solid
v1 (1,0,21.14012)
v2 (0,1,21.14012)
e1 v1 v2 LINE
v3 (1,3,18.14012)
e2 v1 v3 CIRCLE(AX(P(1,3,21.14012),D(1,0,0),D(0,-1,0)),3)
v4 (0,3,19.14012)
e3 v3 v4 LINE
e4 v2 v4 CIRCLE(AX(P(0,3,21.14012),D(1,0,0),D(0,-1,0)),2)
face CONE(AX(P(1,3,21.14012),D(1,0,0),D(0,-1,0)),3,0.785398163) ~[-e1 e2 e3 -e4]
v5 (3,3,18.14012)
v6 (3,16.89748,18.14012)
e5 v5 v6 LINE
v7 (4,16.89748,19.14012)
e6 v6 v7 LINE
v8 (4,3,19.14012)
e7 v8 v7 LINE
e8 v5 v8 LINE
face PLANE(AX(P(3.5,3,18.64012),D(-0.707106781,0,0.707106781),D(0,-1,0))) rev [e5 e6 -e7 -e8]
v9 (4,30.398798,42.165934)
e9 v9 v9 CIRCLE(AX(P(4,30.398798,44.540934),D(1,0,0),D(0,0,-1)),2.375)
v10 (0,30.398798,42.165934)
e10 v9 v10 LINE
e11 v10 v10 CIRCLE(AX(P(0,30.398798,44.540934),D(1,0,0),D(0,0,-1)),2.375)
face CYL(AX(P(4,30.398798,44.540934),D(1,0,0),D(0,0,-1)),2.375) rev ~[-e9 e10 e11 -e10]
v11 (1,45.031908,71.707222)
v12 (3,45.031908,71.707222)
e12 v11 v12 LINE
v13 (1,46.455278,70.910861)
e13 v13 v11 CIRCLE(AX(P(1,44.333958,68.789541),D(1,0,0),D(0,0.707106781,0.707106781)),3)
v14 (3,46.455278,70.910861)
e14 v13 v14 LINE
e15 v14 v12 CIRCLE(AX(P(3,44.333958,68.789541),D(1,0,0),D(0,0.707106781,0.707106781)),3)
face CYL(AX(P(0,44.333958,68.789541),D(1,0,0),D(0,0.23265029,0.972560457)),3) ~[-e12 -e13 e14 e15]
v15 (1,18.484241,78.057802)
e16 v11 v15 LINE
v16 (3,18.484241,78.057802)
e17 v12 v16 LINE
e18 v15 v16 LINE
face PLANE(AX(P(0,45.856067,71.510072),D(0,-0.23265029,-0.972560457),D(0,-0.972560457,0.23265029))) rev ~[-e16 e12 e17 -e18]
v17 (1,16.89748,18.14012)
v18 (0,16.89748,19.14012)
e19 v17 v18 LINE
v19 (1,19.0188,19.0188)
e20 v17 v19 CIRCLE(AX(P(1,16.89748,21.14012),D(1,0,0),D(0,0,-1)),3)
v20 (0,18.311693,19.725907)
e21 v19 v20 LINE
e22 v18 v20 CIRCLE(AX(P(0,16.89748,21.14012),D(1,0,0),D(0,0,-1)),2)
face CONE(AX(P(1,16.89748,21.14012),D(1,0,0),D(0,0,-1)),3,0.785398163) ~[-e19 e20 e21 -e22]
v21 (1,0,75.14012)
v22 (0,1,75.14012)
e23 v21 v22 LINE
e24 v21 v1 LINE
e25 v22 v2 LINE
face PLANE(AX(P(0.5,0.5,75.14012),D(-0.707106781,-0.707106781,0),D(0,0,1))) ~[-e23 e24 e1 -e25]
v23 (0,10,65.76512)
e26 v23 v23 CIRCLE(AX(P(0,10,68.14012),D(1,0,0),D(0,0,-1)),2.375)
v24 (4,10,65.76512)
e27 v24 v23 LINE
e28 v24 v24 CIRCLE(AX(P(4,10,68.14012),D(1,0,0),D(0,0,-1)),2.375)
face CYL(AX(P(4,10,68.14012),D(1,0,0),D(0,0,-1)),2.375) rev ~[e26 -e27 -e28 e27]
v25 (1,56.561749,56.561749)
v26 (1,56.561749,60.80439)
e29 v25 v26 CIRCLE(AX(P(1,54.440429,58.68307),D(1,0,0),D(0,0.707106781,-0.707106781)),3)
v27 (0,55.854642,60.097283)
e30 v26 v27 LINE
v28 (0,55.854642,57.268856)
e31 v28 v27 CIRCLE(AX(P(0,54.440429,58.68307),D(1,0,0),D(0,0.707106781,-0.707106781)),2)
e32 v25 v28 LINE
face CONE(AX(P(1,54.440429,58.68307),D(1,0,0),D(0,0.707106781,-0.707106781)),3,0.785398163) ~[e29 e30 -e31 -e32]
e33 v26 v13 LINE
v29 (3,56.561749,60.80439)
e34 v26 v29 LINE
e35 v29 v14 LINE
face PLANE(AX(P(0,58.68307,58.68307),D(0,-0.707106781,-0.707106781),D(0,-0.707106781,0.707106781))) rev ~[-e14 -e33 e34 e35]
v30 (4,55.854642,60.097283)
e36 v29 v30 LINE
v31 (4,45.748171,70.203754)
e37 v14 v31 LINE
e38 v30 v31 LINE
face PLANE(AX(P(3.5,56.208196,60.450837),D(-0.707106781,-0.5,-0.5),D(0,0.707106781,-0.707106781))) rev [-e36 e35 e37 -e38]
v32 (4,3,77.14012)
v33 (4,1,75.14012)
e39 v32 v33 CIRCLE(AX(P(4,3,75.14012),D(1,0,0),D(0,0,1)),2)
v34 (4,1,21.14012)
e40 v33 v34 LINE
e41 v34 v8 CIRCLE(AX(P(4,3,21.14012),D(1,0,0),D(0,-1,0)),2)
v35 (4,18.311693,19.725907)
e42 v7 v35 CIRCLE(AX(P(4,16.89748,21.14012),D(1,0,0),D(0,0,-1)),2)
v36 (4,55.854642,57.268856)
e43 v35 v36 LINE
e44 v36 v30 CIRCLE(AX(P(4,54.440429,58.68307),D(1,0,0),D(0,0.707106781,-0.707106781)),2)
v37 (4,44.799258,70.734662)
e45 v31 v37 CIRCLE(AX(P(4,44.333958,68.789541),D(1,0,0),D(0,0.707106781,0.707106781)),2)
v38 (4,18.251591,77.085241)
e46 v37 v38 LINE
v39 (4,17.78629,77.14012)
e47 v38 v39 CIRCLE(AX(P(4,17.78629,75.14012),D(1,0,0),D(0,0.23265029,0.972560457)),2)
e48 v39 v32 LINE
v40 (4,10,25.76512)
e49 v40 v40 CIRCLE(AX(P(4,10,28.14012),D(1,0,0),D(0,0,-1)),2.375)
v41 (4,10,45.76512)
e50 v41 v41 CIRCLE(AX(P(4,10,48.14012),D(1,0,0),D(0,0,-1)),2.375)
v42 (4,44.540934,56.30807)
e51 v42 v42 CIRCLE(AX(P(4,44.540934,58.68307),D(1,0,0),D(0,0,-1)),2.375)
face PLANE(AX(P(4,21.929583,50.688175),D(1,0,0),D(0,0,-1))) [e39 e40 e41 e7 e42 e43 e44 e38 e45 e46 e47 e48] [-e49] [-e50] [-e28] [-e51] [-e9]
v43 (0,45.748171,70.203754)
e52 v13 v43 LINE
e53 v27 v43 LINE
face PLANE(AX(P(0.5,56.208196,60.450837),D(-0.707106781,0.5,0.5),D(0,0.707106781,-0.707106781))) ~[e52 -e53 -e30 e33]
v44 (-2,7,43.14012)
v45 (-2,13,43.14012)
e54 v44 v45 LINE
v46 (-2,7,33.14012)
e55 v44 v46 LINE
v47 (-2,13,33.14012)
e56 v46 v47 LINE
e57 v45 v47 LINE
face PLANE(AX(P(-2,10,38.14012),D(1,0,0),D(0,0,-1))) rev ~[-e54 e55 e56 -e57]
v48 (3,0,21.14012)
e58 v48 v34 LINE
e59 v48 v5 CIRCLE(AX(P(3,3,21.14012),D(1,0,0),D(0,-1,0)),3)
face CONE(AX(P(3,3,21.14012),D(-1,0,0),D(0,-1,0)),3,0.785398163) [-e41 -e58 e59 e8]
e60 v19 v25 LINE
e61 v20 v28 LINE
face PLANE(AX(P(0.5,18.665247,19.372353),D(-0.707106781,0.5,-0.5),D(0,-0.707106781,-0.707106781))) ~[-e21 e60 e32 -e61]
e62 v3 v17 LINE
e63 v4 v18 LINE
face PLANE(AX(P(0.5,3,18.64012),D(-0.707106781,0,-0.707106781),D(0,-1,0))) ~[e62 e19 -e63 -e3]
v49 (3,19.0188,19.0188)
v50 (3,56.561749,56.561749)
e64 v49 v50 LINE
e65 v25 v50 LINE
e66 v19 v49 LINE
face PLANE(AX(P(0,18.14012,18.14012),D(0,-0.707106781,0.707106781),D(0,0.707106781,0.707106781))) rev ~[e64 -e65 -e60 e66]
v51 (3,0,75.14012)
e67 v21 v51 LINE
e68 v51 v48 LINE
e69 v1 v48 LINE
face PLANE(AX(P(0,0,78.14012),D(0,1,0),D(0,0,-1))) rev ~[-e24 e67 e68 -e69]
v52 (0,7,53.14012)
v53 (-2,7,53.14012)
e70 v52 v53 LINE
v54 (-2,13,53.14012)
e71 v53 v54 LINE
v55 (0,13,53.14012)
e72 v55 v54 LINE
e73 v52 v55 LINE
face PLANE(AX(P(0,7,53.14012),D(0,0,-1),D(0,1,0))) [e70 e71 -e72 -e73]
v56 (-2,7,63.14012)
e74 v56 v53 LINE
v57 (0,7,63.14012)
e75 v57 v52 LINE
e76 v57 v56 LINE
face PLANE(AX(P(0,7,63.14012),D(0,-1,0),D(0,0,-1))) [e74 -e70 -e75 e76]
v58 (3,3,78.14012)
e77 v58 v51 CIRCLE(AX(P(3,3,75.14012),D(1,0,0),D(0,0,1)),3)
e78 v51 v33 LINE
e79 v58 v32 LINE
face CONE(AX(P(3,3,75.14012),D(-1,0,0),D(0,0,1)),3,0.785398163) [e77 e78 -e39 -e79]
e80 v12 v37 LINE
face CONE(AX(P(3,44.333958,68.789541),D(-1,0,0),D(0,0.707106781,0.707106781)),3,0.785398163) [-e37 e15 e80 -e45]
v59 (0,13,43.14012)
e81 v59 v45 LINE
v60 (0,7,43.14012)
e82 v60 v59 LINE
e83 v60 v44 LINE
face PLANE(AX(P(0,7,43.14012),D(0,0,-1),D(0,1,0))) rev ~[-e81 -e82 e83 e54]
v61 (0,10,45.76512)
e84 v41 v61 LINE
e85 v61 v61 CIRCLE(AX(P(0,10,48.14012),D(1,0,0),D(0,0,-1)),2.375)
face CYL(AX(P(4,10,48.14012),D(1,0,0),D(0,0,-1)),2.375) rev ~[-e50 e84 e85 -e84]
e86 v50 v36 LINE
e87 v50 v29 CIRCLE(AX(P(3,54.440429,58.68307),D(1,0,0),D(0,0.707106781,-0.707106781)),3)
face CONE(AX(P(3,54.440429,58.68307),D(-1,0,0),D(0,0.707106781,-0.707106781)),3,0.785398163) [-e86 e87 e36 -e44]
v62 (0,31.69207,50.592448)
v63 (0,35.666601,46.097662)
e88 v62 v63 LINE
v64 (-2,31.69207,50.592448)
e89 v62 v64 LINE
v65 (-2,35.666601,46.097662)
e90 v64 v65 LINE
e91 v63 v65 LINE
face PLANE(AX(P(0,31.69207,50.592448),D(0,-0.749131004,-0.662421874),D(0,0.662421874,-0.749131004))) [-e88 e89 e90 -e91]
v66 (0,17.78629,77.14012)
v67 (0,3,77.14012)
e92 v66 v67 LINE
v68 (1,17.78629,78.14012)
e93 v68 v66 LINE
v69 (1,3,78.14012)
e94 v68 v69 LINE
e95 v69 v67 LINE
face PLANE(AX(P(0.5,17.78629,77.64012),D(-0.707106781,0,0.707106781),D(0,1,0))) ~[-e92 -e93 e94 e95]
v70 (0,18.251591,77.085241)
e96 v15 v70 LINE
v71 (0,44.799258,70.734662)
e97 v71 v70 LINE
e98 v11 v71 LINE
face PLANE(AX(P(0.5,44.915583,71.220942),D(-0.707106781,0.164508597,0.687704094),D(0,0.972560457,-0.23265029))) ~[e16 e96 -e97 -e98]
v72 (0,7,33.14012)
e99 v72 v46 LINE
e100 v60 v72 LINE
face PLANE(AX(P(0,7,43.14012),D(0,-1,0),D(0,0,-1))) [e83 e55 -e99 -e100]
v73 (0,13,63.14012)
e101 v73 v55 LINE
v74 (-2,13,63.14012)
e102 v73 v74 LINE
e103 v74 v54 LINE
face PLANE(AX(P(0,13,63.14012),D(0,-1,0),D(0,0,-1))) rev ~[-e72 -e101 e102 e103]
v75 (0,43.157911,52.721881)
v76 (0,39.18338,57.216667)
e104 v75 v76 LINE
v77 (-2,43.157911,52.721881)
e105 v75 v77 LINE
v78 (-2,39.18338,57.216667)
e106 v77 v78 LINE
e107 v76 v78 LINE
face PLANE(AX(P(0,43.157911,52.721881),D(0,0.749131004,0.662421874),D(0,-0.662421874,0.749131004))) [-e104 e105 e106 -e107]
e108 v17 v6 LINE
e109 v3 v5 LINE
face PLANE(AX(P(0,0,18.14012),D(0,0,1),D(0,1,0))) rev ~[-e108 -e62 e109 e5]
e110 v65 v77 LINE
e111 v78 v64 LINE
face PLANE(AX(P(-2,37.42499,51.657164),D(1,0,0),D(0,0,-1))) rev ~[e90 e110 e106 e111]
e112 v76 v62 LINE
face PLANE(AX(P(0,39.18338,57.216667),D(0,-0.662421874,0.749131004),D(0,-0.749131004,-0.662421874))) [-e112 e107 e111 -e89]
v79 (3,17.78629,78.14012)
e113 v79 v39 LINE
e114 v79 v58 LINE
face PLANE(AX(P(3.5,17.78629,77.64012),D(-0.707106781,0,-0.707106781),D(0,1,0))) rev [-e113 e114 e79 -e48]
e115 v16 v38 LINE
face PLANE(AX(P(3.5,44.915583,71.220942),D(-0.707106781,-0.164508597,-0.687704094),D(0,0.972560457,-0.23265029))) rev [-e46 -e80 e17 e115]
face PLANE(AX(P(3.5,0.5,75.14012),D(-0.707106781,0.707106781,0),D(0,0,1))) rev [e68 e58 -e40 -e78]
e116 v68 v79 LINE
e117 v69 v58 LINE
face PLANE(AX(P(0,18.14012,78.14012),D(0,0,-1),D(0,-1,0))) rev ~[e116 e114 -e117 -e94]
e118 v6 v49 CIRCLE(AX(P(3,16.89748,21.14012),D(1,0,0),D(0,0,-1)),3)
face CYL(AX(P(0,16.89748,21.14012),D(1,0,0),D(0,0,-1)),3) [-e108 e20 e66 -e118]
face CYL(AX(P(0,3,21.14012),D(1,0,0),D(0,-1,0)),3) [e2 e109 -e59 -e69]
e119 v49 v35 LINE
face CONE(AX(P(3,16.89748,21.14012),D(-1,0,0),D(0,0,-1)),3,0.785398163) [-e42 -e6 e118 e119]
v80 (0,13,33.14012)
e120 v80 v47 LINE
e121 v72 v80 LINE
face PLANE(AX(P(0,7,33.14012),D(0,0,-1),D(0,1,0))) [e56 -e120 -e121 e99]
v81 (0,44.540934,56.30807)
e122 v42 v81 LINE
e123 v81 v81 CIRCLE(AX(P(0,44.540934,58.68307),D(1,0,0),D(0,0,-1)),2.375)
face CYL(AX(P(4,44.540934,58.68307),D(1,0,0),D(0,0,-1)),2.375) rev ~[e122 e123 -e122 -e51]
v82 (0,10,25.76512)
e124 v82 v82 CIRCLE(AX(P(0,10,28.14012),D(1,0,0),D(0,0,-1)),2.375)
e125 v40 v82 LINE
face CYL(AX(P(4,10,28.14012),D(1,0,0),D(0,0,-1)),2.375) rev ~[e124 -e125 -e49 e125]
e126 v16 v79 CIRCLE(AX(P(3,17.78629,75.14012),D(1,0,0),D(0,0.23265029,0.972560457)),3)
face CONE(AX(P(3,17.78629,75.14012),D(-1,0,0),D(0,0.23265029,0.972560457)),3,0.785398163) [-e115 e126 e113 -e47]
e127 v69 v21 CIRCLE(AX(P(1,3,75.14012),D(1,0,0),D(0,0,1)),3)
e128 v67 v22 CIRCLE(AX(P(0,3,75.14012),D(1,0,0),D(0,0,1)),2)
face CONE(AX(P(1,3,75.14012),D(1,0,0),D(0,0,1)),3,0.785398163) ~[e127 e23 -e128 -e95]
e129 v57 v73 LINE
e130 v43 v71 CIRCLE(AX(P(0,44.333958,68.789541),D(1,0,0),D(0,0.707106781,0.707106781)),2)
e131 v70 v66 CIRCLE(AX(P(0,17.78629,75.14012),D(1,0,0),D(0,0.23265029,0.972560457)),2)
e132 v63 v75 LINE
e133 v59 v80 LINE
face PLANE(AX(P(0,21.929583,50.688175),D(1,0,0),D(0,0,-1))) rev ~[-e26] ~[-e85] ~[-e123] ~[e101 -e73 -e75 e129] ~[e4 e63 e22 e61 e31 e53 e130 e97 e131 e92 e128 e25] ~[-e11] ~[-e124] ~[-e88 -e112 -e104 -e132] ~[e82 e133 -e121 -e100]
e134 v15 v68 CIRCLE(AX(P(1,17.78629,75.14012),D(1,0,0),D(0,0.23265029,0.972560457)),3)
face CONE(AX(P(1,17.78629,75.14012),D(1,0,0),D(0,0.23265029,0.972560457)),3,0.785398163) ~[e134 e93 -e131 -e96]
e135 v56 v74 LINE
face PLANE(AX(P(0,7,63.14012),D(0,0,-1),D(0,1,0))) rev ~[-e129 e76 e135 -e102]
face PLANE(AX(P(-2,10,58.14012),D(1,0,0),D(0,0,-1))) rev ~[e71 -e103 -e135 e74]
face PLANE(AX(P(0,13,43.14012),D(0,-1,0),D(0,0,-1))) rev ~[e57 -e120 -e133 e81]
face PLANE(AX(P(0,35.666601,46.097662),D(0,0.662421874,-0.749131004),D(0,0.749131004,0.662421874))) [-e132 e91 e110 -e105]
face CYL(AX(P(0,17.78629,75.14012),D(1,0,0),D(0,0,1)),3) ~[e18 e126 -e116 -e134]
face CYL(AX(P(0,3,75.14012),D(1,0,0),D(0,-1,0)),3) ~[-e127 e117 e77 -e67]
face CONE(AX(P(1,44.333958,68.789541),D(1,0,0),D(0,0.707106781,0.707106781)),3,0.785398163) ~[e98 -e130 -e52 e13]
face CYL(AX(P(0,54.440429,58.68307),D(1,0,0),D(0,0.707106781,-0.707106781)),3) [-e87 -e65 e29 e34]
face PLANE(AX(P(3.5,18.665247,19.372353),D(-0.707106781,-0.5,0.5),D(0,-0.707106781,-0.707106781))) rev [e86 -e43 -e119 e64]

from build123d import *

# Parameters (mm, degrees)
BOSS_EXTRUDE1_DEPTH      = 4
SKETCH2_R                = 2.375
CUT_EXTRUDE1_DEPTH       = 5
LPATTERN1_COUNT          = 3
LPATTERN1_PITCH          = 20
SKETCH2_4_R              = 2.375
CUT_EXTRUDE2_DEPTH       = 5
LPATTERN2_COUNT          = 2
LPATTERN2_PITCH          = 20
FILLET1_R                = 3
CHANFRO1_SIZE            = 1
RESSALTO_EXTRUS_O1_START = -4
ESBO_O1_W                = 10
ESBO_O1_H                = 6
RESSALTO_EXTRUS_O1_DEPTH = 2


with BuildPart() as part:
    # Sketch1 → Boss-Extrude1 (new body)
    with BuildSketch(Plane(origin=(0, 0, 0), x_dir=(0, 0, -1), z_dir=(1, 0, 0))):
        Polygon((-78.140120378, 0), (-18.140120378, 0), (-18.140120378, 18.140120378), (-58.68306962, 58.68306962), (-71.510071751, 45.856067489), (-78.140120378, 18.140120378), align=None)
    extrude(amount=BOSS_EXTRUDE1_DEPTH)

    # Sketch2 → Cut-Extrude1 (cut, through all)
    with BuildSketch(Plane(origin=(4, 0, 0), x_dir=(0, 0, -1), z_dir=(1, 0, 0))):
        with Locations((-28.140120378, 10)):
            Circle(SKETCH2_R)
    cut_extrude1 = extrude(amount=-CUT_EXTRUDE1_DEPTH, mode=Mode.SUBTRACT)

    # LPattern1: Cut-Extrude1 ×3
    with Locations(*[(0, 0, i * LPATTERN1_PITCH) for i in range(1, LPATTERN1_COUNT)]):
        add(cut_extrude1, mode=Mode.SUBTRACT)

    # Sketch2_4 → Cut-Extrude2 (cut, through all)
    with BuildSketch(Plane(origin=(4, 0, 0), x_dir=(0, 0, -1), z_dir=(1, 0, 0))):
        with Locations((-58.68306962, 44.540933996)):
            Circle(SKETCH2_4_R)
    cut_extrude2 = extrude(amount=-CUT_EXTRUDE2_DEPTH, mode=Mode.SUBTRACT)

    # LPattern2: Cut-Extrude2 ×2
    with Locations(*[Vector(0, -0.707106781, -0.707106781) * (i * LPATTERN2_PITCH) for i in range(1, LPATTERN2_COUNT)]):
        add(cut_extrude2, mode=Mode.SUBTRACT)

    # Fillet1
    fillet1_edges = [part.edges().sort_by_distance(p)[0] for p in [
        (2, 18.140120378, 78.140120378),
        (2, 45.856067489, 71.510071751),
        (2, 58.68306962, 58.68306962),
        (2, 18.140120378, 18.140120378),
        (2, 0, 18.140120378),
        (2, 0, 78.140120378),
    ]]
    fillet(fillet1_edges, radius=FILLET1_R)

    # Chanfro1
    chanfro1_edges = [part.edges().sort_by_distance(p)[0] for p in [
        (0, 0, 48.140120378),
        (4, 0, 48.140120378),
        (0, 10.393145239, 78.140120378),
        (0, 31.75807492, 74.882512025),
        (0, 51.508513622, 65.857625619),
        (0, 37.790274655, 37.790274655),
        (0, 9.948739845, 18.140120378),
        (0, 57.440428933, 58.68306962),
        (0, 18.045529988, 18.36848178),
        (0, 0.878679656, 19.018800034),
        (0, 45.798751214, 71.407627967),
        (0, 18.137684762, 78.119469645),
        (0, 0.878679656, 77.261440721),
        (4, 10.393145239, 78.140120378),
        (4, 9.948739845, 18.140120378),
        (4, 37.790274655, 37.790274655),
        (4, 51.508513622, 65.857625619),
        (4, 31.75807492, 74.882512025),
        (4, 57.440428933, 58.68306962),
        (4, 18.045529988, 18.36848178),
        (4, 0.878679656, 19.018800034),
        (4, 45.798751214, 71.407627967),
        (4, 18.137684762, 78.119469645),
        (4, 0.878679656, 77.261440721),
    ]]
    chamfer(chanfro1_edges, length=CHANFRO1_SIZE)

    # Esbo_o1 → Ressalto-extrus_o1 (add)
    with BuildSketch(Plane(origin=(4, 0, 0), x_dir=(0, 0, -1), z_dir=(1, 0, 0)).offset(RESSALTO_EXTRUS_O1_START)):
        Polygon((-57.21666665, 39.183379746), (-50.59244791, 31.692069708), (-46.097661887, 35.666600952), (-52.721880627, 43.15791099), align=None)
        with Locations((-58.140120378, 10)):
            Rectangle(ESBO_O1_W, ESBO_O1_H)
        with Locations((-38.140120378, 10)):
            Rectangle(ESBO_O1_W, ESBO_O1_H)
    extrude(amount=-RESSALTO_EXTRUS_O1_DEPTH)


solid = part.part
